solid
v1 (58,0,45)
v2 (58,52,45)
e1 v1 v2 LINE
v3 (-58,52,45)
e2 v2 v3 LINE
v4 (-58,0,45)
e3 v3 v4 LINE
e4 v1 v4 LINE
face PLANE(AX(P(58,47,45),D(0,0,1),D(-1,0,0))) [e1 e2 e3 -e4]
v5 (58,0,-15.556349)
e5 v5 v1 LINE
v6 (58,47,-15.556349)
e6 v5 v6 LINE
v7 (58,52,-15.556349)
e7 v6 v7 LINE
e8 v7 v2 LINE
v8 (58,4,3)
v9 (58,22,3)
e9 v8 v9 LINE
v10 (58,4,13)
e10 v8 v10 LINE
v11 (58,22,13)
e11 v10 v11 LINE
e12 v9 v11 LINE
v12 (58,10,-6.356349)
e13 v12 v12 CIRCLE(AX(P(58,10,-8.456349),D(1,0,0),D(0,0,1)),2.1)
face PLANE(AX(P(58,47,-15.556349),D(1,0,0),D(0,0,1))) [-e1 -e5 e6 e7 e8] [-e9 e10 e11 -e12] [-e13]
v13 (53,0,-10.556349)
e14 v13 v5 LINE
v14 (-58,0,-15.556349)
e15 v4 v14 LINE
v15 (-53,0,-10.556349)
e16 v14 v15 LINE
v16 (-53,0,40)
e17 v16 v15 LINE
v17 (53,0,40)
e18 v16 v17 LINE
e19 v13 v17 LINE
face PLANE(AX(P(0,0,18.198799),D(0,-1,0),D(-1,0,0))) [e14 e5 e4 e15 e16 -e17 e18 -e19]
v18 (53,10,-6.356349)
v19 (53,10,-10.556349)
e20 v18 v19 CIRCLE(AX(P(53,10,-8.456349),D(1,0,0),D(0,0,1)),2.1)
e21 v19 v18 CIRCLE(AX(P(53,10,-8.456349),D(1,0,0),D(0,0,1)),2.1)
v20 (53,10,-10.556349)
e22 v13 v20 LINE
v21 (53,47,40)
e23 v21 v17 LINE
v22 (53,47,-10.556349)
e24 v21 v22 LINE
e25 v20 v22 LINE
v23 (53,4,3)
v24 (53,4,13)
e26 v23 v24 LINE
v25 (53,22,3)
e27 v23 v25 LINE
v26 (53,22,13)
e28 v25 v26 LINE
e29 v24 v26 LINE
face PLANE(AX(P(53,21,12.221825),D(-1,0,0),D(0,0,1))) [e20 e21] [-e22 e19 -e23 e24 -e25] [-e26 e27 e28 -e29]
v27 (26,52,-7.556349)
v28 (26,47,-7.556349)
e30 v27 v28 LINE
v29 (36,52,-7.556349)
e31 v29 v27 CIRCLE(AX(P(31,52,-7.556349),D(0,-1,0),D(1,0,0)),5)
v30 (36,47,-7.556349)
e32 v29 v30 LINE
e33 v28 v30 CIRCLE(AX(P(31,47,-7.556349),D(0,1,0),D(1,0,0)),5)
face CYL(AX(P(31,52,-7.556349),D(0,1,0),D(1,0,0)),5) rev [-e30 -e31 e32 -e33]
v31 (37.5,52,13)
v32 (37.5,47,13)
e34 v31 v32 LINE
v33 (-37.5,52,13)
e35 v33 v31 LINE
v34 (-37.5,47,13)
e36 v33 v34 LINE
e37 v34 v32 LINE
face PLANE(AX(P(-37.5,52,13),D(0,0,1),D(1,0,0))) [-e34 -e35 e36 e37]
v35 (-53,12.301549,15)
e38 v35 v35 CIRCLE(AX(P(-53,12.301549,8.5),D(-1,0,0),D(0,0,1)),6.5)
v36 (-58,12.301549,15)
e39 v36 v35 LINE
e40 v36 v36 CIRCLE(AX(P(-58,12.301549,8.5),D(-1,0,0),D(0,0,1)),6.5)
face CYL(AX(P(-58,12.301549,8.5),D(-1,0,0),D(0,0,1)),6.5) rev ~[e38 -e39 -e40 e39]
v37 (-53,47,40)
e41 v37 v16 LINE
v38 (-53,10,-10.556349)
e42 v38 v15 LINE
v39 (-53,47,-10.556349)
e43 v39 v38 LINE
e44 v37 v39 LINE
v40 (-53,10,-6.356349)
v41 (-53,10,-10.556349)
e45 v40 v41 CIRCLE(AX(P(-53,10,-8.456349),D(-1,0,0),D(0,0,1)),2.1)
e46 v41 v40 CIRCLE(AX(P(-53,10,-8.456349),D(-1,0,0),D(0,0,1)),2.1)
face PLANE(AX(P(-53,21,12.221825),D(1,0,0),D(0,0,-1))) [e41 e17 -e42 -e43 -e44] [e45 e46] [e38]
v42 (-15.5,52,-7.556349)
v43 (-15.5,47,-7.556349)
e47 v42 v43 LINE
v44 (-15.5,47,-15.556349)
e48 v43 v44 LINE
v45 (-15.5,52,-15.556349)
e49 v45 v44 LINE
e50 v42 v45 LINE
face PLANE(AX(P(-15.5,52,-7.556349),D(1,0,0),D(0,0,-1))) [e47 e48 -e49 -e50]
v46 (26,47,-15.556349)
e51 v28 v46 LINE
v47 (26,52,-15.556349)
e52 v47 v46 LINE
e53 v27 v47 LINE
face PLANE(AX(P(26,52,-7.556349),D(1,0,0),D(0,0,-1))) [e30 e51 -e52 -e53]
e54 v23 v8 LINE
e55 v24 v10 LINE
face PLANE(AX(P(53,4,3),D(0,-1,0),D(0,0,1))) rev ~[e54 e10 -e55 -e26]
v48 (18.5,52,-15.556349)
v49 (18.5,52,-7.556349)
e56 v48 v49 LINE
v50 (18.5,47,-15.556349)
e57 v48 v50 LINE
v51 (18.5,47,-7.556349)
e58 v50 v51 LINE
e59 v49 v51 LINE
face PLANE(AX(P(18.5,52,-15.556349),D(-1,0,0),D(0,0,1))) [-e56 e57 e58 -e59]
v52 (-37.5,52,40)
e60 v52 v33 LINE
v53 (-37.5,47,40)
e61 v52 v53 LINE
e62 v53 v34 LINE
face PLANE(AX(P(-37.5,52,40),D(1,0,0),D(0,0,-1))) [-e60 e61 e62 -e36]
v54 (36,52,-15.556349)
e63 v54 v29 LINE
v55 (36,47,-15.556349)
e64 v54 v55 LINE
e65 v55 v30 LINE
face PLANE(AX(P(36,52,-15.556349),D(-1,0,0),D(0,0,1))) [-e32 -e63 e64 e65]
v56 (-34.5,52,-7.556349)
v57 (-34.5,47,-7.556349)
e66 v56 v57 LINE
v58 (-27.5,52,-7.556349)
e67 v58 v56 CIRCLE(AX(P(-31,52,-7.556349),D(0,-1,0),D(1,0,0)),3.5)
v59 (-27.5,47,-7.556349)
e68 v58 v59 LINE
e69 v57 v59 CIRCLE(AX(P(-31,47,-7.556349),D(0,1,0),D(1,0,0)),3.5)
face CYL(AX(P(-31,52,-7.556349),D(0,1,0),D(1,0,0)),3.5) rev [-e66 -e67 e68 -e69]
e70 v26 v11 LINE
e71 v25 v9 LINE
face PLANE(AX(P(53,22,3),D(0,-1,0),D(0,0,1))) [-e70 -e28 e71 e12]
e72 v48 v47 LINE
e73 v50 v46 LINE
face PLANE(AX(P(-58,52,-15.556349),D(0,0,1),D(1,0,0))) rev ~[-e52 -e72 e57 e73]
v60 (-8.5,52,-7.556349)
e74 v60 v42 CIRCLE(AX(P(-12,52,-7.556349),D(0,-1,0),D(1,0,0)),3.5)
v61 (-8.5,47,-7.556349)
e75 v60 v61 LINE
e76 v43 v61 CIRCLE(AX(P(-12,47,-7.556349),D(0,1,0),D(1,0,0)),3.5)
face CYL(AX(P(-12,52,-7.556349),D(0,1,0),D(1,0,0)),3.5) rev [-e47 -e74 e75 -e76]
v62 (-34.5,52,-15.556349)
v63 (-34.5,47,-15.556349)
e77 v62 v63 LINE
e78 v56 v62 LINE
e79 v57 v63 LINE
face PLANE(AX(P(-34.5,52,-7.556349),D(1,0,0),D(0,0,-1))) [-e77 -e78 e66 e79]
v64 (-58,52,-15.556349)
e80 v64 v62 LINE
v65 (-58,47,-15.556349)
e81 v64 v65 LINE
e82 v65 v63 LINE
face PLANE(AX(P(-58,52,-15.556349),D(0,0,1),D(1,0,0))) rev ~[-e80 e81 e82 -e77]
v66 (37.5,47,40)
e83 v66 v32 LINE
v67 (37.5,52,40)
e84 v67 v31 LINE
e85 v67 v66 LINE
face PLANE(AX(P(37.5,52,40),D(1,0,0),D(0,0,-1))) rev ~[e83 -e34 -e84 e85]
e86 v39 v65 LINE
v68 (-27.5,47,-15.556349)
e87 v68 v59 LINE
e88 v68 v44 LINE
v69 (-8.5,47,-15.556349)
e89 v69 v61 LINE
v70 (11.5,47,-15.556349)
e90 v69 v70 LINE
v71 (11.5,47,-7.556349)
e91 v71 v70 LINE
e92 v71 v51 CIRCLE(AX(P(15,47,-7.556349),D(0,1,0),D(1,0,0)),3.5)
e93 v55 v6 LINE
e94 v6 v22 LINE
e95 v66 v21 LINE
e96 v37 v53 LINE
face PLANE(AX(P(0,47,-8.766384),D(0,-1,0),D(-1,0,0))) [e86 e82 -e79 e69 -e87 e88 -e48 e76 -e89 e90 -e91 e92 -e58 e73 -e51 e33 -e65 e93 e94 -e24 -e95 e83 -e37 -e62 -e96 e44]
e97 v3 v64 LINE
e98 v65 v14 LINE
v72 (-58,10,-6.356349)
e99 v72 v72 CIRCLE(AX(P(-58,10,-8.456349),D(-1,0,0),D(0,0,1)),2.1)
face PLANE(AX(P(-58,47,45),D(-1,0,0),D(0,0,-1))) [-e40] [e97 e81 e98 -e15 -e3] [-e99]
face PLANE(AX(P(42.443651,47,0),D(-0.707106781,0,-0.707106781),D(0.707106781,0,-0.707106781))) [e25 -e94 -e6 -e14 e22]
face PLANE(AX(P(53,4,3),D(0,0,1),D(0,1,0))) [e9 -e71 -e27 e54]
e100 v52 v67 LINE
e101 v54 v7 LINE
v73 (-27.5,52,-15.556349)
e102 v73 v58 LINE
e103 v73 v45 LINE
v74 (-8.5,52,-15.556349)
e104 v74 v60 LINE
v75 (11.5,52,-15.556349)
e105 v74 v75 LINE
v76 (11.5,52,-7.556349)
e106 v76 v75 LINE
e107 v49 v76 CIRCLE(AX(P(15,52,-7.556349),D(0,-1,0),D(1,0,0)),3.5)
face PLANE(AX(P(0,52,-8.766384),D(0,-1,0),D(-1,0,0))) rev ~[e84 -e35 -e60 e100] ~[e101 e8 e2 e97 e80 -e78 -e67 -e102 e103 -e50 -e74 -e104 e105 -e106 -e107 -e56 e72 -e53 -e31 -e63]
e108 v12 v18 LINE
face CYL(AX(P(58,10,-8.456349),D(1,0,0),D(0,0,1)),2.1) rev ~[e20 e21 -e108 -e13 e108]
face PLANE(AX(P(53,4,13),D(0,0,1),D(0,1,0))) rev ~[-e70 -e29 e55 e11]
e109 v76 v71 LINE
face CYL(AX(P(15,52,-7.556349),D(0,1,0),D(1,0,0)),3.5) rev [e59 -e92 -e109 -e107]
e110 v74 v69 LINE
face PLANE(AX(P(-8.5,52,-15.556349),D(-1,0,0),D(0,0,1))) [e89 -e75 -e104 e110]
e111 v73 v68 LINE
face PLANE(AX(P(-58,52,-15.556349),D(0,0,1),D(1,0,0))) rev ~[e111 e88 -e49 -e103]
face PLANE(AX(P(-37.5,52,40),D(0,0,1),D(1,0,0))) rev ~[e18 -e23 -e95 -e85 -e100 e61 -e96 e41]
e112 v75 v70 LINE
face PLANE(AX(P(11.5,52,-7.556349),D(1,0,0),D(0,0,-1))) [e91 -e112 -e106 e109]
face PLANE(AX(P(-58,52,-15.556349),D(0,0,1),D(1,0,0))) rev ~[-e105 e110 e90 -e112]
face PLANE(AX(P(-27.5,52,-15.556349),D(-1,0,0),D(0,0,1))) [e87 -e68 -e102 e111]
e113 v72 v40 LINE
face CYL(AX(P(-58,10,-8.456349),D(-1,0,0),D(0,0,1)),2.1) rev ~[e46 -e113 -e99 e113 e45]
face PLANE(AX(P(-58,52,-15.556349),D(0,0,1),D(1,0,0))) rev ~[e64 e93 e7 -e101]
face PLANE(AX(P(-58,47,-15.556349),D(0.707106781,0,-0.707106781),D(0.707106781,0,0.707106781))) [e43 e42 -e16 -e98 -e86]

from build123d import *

# Parameters (mm, degrees)
BOSS_EXTRUDE1_DEPTH             = 47
SKETCH3_W                       = 84.887301628
SKETCH3_H                       = 42
CUT_EXTRUDE1_DEPTH              = 40
SKETCH4_W                       = 55.556349186
SKETCH4_H                       = 42
CUT_EXTRUDE2_DEPTH              = 10.556349186
SKETCH5_W                       = 55.556349186
SKETCH5_H                       = 42
CUT_EXTRUDE3_DEPTH              = 10.556349186
CUT_EXTRUDE5_REACH              = 130.666
SKETCH7_W                       = 10
SKETCH7_H                       = 18
CUT_EXTRUDE6_REACH              = 135.004
SKETCH8_R                       = 6.5
BOSS_EXTRUDE2_DEPTH             = 5
CUT_EXTRUDE7_REACH              = 105.666
CUT_EXTRUDE7_START              = -5
SKETCH11_W                      = 106
SKETCH11_H                      = 47
BOSS_EXTRUDE3_DEPTH             = 5
CUT_EXTRUDE8_REACH              = 91.961
CUT_EXTRUDE9_REACH              = 91.961
SKETCH14_W                      = 75
SKETCH14_H                      = 27
CUT_EXTRUDE10_REACH             = 136.852
SKETCH16_R                      = 2.1
CUT_EXTRUDE10_DIRECTION_2_DEPTH = 135.851770474
CUT_EXTRUDE11_REACH             = 136.852
SKETCH17_R                      = 2.1


with BuildPart() as part:
    # Sketch1 → Boss-Extrude1 (new body)
    with BuildSketch(Plane(origin=(0, 0, 0), x_dir=(1, 0, 0), z_dir=(0, 1, 0))):
        Polygon((-42.443650814, 0), (42.443650814, 0), (58, 15.556349186), (58, -45), (-58, -45), (-58, 15.556349186), align=None)
    extrude(amount=BOSS_EXTRUDE1_DEPTH)

    # Sketch3 → Cut-Extrude1 (cut)
    with BuildSketch(Plane(origin=(0, 0, 0), x_dir=(-1, 0, 0), z_dir=(0, 0, -1))):
        with Locations((0, 21)):
            Rectangle(SKETCH3_W, SKETCH3_H)
    extrude(amount=-CUT_EXTRUDE1_DEPTH, mode=Mode.SUBTRACT)

    # Sketch4 → Cut-Extrude2 (cut)
    with BuildSketch(Plane.ZY.offset(-42.443650814)):
        with Locations((12.221825407, 21)):
            Rectangle(SKETCH4_W, SKETCH4_H)
    extrude(amount=-CUT_EXTRUDE2_DEPTH, mode=Mode.SUBTRACT)

    # Sketch5 → Cut-Extrude3 (cut)
    with BuildSketch(Plane(origin=(-42.443650814, 0, 0), x_dir=(0, 0, -1), z_dir=(1, 0, 0))):
        with Locations((-12.221825407, 21)):
            Rectangle(SKETCH5_W, SKETCH5_H)
    extrude(amount=-CUT_EXTRUDE3_DEPTH, mode=Mode.SUBTRACT)

    # Sketch7 → Cut-Extrude5 (cut, up to next)
    with BuildSketch(Plane.ZY.offset(-53), mode=Mode.PRIVATE) as cut_extrude5_sk1:
        with Locations((8, 13)):
            Rectangle(SKETCH7_W, SKETCH7_H)
    cut_extrude5_tool1 = extrude(cut_extrude5_sk1.sketch, amount=-CUT_EXTRUDE5_REACH, mode=Mode.PRIVATE) & part.part
    add(cut_extrude5_tool1.solids().sort_by_distance((53, 13, 8))[0], mode=Mode.SUBTRACT)

    # Sketch8 → Cut-Extrude6 (cut, up to next)
    with BuildSketch(Plane.ZY.offset(58), mode=Mode.PRIVATE) as cut_extrude6_sk1:
        with Locations((8.5, 12.301549083)):
            Circle(SKETCH8_R)
    cut_extrude6_tool1 = extrude(cut_extrude6_sk1.sketch, amount=-CUT_EXTRUDE6_REACH, mode=Mode.PRIVATE) & part.part
    add(cut_extrude6_tool1.solids().sort_by_distance((-58, 12.301549, 8.5))[0], mode=Mode.SUBTRACT)

    # Sketch10 → Boss-Extrude2 (add)
    with BuildSketch(Plane(origin=(0, 47, 0), x_dir=(1, 0, 0), z_dir=(0, 1, 0))):
        Polygon((58, -45), (-58, -45), (-58, 15.556349186), (-42.443650814, 0), (42.443650814, 0), (58, 15.556349186), align=None)
    extrude(amount=BOSS_EXTRUDE2_DEPTH)

    # Sketch11 → Cut-Extrude7 (cut, up to next)
    with BuildSketch(Plane.XY.offset(45).offset(CUT_EXTRUDE7_START), mode=Mode.PRIVATE) as cut_extrude7_sk1:
        with Locations((0, 23.5)):
            Rectangle(SKETCH11_W, SKETCH11_H)
    cut_extrude7_tool1 = extrude(cut_extrude7_sk1.sketch, amount=-CUT_EXTRUDE7_REACH, mode=Mode.PRIVATE) & part.part
    add(cut_extrude7_tool1.solids().sort_by_distance((0, 23.5, 40))[0], mode=Mode.SUBTRACT)

    # Sketch12 → Boss-Extrude3 (add)
    with BuildSketch(Plane(origin=(0, 52, 0), x_dir=(1, 0, 0), z_dir=(0, 1, 0))):
        Polygon((58, 15.556349186), (42.443650814, 0), (-42.443650814, 0), (-58, 15.556349186), align=None)
    extrude(amount=-BOSS_EXTRUDE3_DEPTH)

    # Sketch13 → Cut-Extrude8 (cut, up to next)
    with BuildSketch(Plane(origin=(0, 52, 0), x_dir=(1, 0, 0), z_dir=(0, 1, 0)), mode=Mode.PRIVATE) as cut_extrude8_sk1:
        with BuildLine():
            Line((26, 7.556349186), (26, 15.556349186))
            ThreePointArc((26, 15.556349186), (31, 20.556349186), (36, 15.556349186))
            Line((36, 15.556349186), (36, 7.556349186))
            ThreePointArc((36, 7.556349186), (31, 2.556349186), (26, 7.556349186))
        make_face()
    cut_extrude8_tool1 = extrude(cut_extrude8_sk1.sketch, amount=-CUT_EXTRUDE8_REACH, mode=Mode.PRIVATE) & part.part
    # Sketch13 → Cut-Extrude8 (cut, up to next)
    with BuildSketch(Plane(origin=(0, 52, 0), x_dir=(1, 0, 0), z_dir=(0, 1, 0)), mode=Mode.PRIVATE) as cut_extrude8_sk2:
        with BuildLine():
            Line((11.5, 7.556349186), (11.5, 15.556349186))
            ThreePointArc((11.5, 15.556349186), (15, 19.056349186), (18.5, 15.556349186))
            Line((18.5, 15.556349186), (18.5, 7.556349186))
            ThreePointArc((18.5, 7.556349186), (15, 4.056349186), (11.5, 7.556349186))
        make_face()
    cut_extrude8_tool2 = extrude(cut_extrude8_sk2.sketch, amount=-CUT_EXTRUDE8_REACH, mode=Mode.PRIVATE) & part.part
    # Sketch13 → Cut-Extrude8 (cut, up to next)
    with BuildSketch(Plane(origin=(0, 52, 0), x_dir=(1, 0, 0), z_dir=(0, 1, 0)), mode=Mode.PRIVATE) as cut_extrude8_sk3:
        with BuildLine():
            Line((-15.5, 7.556349186), (-15.5, 15.556349186))
            ThreePointArc((-15.5, 15.556349186), (-12, 19.056349186), (-8.5, 15.556349186))
            Line((-8.5, 15.556349186), (-8.5, 7.556349186))
            ThreePointArc((-8.5, 7.556349186), (-12, 4.056349186), (-15.5, 7.556349186))
        make_face()
    cut_extrude8_tool3 = extrude(cut_extrude8_sk3.sketch, amount=-CUT_EXTRUDE8_REACH, mode=Mode.PRIVATE) & part.part
    # Sketch13 → Cut-Extrude8 (cut, up to next)
    with BuildSketch(Plane(origin=(0, 52, 0), x_dir=(1, 0, 0), z_dir=(0, 1, 0)), mode=Mode.PRIVATE) as cut_extrude8_sk4:
        with BuildLine():
            Line((-34.5, 7.556349186), (-34.5, 15.556349186))
            ThreePointArc((-34.5, 15.556349186), (-31, 19.056349186), (-27.5, 15.556349186))
            Line((-27.5, 15.556349186), (-27.5, 7.556349186))
            ThreePointArc((-27.5, 7.556349186), (-31, 4.056349186), (-34.5, 7.556349186))
        make_face()
    cut_extrude8_tool4 = extrude(cut_extrude8_sk4.sketch, amount=-CUT_EXTRUDE8_REACH, mode=Mode.PRIVATE) & part.part
    add(cut_extrude8_tool1.solids().sort_by_distance((31, 52, -11.556349))[0], mode=Mode.SUBTRACT)
    add(cut_extrude8_tool2.solids().sort_by_distance((15, 52, -11.556349))[0], mode=Mode.SUBTRACT)
    add(cut_extrude8_tool3.solids().sort_by_distance((-12, 52, -11.556349))[0], mode=Mode.SUBTRACT)
    add(cut_extrude8_tool4.solids().sort_by_distance((-31, 52, -11.556349))[0], mode=Mode.SUBTRACT)

    # Sketch14 → Cut-Extrude9 (cut, up to next)
    with BuildSketch(Plane(origin=(0, 52, 0), x_dir=(1, 0, 0), z_dir=(0, 1, 0)), mode=Mode.PRIVATE) as cut_extrude9_sk1:
        with Locations((0, -26.5)):
            Rectangle(SKETCH14_W, SKETCH14_H)
    cut_extrude9_tool1 = extrude(cut_extrude9_sk1.sketch, amount=-CUT_EXTRUDE9_REACH, mode=Mode.PRIVATE) & part.part
    add(cut_extrude9_tool1.solids().sort_by_distance((0, 52, 26.5))[0], mode=Mode.SUBTRACT)

    # Sketch16 → Cut-Extrude10 (cut, up to next)
    with BuildSketch(Plane(origin=(58, 0, 0), x_dir=(0, 0, -1), z_dir=(1, 0, 0)), mode=Mode.PRIVATE) as cut_extrude10_sk1:
        with Locations(Location((8.456349186, 10, 0), (0, 0, 180))):
            Circle(SKETCH16_R)
    cut_extrude10_tool1 = extrude(cut_extrude10_sk1.sketch, amount=-CUT_EXTRUDE10_REACH, mode=Mode.PRIVATE) & part.part
    add(cut_extrude10_tool1.solids().sort_by_distance((58, 10, -8.456349))[0], mode=Mode.SUBTRACT)

    # Sketch16 → Cut-Extrude10 direction 2 (cut)
    with BuildSketch(Plane(origin=(58, 0, 0), x_dir=(0, 0, -1), z_dir=(1, 0, 0))):
        with Locations(Location((8.456349186, 10, 0), (0, 0, 180))):
            Circle(SKETCH16_R)
    extrude(amount=CUT_EXTRUDE10_DIRECTION_2_DEPTH, mode=Mode.SUBTRACT)

    # Sketch17 → Cut-Extrude11 (cut, up to next)
    with BuildSketch(Plane.ZY.offset(58), mode=Mode.PRIVATE) as cut_extrude11_sk1:
        with Locations((-8.456349186, 10)):
            Circle(SKETCH17_R)
    cut_extrude11_tool1 = extrude(cut_extrude11_sk1.sketch, amount=-CUT_EXTRUDE11_REACH, mode=Mode.PRIVATE) & part.part
    add(cut_extrude11_tool1.solids().sort_by_distance((-58, 10, -8.456349))[0], mode=Mode.SUBTRACT)


solid = part.part
